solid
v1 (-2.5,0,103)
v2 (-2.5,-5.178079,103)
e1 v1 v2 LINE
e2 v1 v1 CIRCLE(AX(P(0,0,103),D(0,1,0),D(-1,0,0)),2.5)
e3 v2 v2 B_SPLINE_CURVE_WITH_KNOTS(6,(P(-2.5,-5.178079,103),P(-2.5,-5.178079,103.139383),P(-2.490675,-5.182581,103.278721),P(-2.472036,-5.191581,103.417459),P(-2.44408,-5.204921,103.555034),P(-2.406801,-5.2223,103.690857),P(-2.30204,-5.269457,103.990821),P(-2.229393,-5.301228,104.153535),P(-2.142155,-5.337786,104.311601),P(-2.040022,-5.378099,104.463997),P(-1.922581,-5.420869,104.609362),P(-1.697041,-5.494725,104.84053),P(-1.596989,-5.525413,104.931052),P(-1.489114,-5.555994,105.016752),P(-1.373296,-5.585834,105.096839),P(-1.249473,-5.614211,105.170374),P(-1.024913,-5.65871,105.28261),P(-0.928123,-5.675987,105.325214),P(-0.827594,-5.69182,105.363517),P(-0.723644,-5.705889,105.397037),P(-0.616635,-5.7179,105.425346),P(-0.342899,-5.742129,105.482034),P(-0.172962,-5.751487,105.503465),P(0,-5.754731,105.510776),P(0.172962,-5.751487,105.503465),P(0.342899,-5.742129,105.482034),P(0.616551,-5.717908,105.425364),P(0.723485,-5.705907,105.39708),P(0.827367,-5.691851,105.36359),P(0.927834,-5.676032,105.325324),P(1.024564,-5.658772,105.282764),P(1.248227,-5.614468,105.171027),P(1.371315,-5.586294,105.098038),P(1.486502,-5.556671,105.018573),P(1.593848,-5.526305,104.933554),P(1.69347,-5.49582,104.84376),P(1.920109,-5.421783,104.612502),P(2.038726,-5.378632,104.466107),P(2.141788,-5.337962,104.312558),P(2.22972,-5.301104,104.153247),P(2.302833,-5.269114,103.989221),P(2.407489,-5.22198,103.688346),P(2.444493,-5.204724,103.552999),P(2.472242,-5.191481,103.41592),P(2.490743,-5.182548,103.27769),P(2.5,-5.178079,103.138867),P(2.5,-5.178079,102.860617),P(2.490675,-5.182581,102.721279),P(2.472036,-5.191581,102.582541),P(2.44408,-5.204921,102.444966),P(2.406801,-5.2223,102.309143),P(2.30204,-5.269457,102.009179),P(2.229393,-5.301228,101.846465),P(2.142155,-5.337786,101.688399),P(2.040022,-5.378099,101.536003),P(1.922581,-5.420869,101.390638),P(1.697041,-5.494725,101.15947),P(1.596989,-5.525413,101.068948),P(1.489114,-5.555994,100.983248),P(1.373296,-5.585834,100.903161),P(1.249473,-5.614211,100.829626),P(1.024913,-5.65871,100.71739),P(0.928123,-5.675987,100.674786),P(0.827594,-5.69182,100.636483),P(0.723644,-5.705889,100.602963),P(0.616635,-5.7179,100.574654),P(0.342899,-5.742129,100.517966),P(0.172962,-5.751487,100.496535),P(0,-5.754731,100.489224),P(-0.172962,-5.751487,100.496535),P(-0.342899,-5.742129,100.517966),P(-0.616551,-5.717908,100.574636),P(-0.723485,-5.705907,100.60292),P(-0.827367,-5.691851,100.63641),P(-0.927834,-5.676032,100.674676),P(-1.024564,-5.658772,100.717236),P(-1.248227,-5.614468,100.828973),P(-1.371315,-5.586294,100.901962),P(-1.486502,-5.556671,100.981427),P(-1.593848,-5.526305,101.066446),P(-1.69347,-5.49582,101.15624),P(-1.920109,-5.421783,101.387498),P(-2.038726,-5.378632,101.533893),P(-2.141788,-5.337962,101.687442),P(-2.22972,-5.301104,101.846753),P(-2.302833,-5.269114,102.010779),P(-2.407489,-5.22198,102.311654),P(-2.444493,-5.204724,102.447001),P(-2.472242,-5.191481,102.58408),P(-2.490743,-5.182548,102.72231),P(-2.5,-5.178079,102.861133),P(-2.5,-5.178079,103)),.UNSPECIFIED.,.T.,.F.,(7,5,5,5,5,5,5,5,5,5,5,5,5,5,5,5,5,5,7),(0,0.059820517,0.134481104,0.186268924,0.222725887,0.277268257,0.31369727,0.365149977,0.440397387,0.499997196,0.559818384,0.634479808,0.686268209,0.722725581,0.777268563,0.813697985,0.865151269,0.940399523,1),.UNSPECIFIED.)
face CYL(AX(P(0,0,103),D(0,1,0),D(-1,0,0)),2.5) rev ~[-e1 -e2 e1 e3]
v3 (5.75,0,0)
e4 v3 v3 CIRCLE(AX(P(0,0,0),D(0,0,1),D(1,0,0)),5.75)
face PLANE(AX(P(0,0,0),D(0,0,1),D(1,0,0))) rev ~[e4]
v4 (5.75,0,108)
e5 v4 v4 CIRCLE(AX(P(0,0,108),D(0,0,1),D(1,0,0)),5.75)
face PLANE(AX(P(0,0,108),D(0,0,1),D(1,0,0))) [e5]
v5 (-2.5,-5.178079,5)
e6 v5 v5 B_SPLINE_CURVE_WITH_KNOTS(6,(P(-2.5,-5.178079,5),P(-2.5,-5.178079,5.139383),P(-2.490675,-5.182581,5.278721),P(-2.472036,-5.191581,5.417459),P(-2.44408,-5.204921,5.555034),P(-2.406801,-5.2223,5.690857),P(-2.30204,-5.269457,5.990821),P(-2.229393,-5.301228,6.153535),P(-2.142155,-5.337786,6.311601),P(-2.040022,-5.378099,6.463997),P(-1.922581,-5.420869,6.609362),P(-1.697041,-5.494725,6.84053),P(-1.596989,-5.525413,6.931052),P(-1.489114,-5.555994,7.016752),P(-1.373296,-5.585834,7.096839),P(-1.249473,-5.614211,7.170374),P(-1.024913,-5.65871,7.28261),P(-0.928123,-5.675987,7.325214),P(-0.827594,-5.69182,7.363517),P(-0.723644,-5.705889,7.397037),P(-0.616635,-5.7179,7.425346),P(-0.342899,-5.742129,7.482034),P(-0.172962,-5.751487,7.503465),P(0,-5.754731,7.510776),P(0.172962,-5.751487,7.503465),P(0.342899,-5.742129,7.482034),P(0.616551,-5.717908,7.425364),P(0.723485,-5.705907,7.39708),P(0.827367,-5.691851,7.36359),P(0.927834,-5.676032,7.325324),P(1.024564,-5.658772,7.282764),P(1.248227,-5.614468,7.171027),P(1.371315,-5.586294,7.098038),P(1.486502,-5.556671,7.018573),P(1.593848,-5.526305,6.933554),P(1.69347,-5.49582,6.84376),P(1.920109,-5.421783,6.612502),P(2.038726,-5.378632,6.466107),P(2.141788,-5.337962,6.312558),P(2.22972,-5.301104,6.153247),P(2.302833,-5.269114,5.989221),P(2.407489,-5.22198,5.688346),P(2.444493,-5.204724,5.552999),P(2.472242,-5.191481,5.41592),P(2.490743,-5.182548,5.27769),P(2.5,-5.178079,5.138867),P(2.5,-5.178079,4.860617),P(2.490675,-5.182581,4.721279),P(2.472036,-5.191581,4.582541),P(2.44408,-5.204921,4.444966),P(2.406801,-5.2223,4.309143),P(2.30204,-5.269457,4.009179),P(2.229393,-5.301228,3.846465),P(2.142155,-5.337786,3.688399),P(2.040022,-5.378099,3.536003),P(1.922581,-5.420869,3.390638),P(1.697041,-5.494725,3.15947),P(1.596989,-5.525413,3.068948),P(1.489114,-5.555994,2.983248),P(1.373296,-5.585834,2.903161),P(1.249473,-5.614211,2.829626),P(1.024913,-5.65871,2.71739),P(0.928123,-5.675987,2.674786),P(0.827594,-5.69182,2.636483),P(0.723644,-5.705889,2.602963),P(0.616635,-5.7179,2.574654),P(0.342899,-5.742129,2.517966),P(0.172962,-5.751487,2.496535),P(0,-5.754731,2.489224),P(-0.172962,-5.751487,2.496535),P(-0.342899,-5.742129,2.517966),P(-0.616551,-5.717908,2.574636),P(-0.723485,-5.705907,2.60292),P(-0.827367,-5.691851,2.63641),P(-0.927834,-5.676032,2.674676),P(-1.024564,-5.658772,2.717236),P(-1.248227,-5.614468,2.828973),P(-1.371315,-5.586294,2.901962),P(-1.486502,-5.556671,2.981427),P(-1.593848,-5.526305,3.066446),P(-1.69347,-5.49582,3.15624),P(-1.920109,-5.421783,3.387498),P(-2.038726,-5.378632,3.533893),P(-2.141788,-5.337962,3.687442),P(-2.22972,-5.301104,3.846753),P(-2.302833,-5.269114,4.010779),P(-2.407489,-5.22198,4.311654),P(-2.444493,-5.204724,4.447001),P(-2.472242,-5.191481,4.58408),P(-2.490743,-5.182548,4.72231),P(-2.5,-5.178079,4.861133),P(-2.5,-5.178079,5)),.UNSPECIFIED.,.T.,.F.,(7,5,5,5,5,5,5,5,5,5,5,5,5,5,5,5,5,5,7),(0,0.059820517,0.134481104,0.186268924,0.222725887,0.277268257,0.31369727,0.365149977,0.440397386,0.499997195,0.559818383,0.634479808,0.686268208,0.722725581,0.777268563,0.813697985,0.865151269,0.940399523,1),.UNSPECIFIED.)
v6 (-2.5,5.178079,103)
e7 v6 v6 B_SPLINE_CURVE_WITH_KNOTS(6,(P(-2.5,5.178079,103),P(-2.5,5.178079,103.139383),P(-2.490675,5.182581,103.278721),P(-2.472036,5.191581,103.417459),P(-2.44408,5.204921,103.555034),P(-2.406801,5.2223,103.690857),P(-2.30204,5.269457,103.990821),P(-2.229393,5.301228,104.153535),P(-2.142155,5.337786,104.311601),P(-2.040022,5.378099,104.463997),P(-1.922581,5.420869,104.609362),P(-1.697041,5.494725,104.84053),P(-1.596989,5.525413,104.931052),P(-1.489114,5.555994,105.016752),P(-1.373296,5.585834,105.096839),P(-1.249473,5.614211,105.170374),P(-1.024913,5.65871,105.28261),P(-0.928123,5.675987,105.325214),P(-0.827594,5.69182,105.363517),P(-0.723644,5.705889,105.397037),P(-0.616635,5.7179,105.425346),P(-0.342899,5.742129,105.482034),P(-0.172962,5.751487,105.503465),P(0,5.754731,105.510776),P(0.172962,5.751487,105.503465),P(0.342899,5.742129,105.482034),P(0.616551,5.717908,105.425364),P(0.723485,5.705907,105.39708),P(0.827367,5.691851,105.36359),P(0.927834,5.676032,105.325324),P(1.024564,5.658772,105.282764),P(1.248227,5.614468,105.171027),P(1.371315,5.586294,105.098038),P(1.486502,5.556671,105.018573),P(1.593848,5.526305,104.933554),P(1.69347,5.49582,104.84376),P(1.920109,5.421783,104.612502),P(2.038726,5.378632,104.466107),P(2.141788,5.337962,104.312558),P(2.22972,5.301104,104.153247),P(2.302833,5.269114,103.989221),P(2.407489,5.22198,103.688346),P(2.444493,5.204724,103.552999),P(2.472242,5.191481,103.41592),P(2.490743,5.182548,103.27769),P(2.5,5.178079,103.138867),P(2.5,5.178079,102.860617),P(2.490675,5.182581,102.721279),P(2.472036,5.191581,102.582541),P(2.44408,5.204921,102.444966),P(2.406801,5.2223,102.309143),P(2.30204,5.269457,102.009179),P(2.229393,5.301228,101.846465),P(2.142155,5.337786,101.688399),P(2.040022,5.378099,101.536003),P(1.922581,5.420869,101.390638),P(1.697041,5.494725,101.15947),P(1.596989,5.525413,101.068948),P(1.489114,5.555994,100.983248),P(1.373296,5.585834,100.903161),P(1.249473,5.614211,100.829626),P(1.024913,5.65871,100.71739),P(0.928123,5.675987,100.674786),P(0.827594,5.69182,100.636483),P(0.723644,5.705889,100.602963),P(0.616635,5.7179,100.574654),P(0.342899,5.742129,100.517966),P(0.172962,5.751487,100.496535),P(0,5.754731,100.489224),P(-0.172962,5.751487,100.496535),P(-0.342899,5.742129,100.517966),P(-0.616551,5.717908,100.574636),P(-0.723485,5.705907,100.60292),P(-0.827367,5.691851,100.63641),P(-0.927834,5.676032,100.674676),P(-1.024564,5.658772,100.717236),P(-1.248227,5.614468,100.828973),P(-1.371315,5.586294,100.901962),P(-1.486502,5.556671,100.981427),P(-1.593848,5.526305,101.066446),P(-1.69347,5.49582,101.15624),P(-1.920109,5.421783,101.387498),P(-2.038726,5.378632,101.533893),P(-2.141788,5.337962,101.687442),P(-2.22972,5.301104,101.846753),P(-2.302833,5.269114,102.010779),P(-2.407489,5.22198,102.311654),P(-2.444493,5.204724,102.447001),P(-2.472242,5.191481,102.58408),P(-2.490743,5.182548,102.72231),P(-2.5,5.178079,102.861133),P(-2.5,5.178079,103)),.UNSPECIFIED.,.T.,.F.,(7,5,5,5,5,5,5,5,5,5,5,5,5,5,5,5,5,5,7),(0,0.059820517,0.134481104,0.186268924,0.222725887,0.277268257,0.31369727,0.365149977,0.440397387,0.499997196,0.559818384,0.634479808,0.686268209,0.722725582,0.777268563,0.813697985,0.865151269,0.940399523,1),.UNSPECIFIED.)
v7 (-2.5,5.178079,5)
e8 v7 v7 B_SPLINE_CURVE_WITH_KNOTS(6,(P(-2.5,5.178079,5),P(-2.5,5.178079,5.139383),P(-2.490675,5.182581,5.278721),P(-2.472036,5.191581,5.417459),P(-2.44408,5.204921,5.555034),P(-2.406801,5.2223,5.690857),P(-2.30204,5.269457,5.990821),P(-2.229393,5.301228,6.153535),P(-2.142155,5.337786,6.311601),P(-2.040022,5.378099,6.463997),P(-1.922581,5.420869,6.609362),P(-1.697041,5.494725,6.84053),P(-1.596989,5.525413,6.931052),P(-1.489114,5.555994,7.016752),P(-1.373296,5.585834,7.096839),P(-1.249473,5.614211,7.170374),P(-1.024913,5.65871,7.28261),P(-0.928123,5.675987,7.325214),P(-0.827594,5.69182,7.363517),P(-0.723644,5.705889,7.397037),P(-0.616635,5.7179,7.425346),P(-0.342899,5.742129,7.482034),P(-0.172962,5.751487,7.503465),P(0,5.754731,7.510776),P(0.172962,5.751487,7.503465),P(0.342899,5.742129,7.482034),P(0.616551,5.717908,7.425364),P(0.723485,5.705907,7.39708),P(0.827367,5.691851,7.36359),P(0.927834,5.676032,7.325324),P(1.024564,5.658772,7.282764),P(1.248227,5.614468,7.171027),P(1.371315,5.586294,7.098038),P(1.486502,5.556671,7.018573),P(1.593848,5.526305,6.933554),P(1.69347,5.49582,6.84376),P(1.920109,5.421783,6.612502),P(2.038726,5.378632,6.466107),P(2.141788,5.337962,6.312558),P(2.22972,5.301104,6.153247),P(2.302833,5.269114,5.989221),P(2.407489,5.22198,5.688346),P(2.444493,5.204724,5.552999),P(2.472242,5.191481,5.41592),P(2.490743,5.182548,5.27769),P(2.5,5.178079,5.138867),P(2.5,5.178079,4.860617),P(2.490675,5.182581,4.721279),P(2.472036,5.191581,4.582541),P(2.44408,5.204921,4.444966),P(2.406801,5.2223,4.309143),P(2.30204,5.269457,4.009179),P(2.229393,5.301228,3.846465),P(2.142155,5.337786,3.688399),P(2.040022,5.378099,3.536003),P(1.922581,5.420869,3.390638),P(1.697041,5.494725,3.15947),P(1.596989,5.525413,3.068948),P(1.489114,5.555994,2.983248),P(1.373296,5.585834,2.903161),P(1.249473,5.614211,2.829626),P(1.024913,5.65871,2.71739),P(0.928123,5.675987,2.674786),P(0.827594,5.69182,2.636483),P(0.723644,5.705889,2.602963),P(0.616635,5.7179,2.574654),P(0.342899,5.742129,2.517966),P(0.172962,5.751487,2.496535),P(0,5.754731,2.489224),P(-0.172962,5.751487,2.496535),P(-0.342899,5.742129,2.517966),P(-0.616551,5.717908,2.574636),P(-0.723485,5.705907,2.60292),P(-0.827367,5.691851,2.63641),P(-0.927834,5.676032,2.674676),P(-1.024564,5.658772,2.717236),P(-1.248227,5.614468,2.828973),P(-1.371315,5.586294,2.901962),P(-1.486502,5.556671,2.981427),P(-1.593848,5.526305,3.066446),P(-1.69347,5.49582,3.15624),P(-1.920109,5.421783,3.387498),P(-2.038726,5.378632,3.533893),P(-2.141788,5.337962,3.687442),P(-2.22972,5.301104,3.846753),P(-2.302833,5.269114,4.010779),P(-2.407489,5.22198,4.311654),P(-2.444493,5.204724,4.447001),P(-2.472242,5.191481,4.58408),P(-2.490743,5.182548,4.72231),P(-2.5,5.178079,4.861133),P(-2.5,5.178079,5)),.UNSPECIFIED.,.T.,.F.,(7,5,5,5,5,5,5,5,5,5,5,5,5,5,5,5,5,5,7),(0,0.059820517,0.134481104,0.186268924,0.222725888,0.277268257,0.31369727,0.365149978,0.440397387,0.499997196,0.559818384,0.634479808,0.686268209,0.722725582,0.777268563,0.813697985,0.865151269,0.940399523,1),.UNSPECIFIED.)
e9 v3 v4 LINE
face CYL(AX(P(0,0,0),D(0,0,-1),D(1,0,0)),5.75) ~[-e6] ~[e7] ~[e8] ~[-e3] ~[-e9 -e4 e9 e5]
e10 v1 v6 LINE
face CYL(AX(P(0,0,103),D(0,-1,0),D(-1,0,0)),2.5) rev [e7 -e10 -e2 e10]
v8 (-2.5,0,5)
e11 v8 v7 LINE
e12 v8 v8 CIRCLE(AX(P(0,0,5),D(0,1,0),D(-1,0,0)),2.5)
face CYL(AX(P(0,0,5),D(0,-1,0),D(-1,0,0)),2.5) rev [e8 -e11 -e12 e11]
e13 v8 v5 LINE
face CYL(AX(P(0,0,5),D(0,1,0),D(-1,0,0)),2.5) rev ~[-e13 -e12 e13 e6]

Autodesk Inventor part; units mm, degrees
ref_plane "YZ Plane" through (0, 0, 0) normal (1, 0, 0) x (0, 1, 0)
ref_plane "XZ Plane" through (0, 0, 0) normal (0, 1, 0) x (-1, 0, 0)
ref_plane "XY Plane" through (0, 0, 0) normal (0, 0, 1) x (1, 0, 0)
sketch "Sketch1" plane through (0, 0, 0) normal (0, 0, 1) x (1, 0, 0)
  circle A0 centre (0, 0) radius 5.75
  dimension "d0" = 11.5
extrude "Extrusion1" add sketch "Sketch1" along normal blind 108
sketch "Sketch2" plane through (0, 0, 0) normal (0, 1, 0) x (-1, 0, 0)
  circle A0 centre (0, 103) radius 2.5
  line L0 (5.75, 108) -> (-5.75, 108) projected
  circle A1 centre (0, 5) radius 2.5
  point P0 (0, 0)
  dimension "d3" = 5
  dimension "d7" = 5
  dimension "d8" = 5
  dimension "d9" = 5
extrude "Extrusion2" cut sketch "Sketch2" along normal through all both and the other way through all
properties part number "WA001" material "Stainless Steel"
